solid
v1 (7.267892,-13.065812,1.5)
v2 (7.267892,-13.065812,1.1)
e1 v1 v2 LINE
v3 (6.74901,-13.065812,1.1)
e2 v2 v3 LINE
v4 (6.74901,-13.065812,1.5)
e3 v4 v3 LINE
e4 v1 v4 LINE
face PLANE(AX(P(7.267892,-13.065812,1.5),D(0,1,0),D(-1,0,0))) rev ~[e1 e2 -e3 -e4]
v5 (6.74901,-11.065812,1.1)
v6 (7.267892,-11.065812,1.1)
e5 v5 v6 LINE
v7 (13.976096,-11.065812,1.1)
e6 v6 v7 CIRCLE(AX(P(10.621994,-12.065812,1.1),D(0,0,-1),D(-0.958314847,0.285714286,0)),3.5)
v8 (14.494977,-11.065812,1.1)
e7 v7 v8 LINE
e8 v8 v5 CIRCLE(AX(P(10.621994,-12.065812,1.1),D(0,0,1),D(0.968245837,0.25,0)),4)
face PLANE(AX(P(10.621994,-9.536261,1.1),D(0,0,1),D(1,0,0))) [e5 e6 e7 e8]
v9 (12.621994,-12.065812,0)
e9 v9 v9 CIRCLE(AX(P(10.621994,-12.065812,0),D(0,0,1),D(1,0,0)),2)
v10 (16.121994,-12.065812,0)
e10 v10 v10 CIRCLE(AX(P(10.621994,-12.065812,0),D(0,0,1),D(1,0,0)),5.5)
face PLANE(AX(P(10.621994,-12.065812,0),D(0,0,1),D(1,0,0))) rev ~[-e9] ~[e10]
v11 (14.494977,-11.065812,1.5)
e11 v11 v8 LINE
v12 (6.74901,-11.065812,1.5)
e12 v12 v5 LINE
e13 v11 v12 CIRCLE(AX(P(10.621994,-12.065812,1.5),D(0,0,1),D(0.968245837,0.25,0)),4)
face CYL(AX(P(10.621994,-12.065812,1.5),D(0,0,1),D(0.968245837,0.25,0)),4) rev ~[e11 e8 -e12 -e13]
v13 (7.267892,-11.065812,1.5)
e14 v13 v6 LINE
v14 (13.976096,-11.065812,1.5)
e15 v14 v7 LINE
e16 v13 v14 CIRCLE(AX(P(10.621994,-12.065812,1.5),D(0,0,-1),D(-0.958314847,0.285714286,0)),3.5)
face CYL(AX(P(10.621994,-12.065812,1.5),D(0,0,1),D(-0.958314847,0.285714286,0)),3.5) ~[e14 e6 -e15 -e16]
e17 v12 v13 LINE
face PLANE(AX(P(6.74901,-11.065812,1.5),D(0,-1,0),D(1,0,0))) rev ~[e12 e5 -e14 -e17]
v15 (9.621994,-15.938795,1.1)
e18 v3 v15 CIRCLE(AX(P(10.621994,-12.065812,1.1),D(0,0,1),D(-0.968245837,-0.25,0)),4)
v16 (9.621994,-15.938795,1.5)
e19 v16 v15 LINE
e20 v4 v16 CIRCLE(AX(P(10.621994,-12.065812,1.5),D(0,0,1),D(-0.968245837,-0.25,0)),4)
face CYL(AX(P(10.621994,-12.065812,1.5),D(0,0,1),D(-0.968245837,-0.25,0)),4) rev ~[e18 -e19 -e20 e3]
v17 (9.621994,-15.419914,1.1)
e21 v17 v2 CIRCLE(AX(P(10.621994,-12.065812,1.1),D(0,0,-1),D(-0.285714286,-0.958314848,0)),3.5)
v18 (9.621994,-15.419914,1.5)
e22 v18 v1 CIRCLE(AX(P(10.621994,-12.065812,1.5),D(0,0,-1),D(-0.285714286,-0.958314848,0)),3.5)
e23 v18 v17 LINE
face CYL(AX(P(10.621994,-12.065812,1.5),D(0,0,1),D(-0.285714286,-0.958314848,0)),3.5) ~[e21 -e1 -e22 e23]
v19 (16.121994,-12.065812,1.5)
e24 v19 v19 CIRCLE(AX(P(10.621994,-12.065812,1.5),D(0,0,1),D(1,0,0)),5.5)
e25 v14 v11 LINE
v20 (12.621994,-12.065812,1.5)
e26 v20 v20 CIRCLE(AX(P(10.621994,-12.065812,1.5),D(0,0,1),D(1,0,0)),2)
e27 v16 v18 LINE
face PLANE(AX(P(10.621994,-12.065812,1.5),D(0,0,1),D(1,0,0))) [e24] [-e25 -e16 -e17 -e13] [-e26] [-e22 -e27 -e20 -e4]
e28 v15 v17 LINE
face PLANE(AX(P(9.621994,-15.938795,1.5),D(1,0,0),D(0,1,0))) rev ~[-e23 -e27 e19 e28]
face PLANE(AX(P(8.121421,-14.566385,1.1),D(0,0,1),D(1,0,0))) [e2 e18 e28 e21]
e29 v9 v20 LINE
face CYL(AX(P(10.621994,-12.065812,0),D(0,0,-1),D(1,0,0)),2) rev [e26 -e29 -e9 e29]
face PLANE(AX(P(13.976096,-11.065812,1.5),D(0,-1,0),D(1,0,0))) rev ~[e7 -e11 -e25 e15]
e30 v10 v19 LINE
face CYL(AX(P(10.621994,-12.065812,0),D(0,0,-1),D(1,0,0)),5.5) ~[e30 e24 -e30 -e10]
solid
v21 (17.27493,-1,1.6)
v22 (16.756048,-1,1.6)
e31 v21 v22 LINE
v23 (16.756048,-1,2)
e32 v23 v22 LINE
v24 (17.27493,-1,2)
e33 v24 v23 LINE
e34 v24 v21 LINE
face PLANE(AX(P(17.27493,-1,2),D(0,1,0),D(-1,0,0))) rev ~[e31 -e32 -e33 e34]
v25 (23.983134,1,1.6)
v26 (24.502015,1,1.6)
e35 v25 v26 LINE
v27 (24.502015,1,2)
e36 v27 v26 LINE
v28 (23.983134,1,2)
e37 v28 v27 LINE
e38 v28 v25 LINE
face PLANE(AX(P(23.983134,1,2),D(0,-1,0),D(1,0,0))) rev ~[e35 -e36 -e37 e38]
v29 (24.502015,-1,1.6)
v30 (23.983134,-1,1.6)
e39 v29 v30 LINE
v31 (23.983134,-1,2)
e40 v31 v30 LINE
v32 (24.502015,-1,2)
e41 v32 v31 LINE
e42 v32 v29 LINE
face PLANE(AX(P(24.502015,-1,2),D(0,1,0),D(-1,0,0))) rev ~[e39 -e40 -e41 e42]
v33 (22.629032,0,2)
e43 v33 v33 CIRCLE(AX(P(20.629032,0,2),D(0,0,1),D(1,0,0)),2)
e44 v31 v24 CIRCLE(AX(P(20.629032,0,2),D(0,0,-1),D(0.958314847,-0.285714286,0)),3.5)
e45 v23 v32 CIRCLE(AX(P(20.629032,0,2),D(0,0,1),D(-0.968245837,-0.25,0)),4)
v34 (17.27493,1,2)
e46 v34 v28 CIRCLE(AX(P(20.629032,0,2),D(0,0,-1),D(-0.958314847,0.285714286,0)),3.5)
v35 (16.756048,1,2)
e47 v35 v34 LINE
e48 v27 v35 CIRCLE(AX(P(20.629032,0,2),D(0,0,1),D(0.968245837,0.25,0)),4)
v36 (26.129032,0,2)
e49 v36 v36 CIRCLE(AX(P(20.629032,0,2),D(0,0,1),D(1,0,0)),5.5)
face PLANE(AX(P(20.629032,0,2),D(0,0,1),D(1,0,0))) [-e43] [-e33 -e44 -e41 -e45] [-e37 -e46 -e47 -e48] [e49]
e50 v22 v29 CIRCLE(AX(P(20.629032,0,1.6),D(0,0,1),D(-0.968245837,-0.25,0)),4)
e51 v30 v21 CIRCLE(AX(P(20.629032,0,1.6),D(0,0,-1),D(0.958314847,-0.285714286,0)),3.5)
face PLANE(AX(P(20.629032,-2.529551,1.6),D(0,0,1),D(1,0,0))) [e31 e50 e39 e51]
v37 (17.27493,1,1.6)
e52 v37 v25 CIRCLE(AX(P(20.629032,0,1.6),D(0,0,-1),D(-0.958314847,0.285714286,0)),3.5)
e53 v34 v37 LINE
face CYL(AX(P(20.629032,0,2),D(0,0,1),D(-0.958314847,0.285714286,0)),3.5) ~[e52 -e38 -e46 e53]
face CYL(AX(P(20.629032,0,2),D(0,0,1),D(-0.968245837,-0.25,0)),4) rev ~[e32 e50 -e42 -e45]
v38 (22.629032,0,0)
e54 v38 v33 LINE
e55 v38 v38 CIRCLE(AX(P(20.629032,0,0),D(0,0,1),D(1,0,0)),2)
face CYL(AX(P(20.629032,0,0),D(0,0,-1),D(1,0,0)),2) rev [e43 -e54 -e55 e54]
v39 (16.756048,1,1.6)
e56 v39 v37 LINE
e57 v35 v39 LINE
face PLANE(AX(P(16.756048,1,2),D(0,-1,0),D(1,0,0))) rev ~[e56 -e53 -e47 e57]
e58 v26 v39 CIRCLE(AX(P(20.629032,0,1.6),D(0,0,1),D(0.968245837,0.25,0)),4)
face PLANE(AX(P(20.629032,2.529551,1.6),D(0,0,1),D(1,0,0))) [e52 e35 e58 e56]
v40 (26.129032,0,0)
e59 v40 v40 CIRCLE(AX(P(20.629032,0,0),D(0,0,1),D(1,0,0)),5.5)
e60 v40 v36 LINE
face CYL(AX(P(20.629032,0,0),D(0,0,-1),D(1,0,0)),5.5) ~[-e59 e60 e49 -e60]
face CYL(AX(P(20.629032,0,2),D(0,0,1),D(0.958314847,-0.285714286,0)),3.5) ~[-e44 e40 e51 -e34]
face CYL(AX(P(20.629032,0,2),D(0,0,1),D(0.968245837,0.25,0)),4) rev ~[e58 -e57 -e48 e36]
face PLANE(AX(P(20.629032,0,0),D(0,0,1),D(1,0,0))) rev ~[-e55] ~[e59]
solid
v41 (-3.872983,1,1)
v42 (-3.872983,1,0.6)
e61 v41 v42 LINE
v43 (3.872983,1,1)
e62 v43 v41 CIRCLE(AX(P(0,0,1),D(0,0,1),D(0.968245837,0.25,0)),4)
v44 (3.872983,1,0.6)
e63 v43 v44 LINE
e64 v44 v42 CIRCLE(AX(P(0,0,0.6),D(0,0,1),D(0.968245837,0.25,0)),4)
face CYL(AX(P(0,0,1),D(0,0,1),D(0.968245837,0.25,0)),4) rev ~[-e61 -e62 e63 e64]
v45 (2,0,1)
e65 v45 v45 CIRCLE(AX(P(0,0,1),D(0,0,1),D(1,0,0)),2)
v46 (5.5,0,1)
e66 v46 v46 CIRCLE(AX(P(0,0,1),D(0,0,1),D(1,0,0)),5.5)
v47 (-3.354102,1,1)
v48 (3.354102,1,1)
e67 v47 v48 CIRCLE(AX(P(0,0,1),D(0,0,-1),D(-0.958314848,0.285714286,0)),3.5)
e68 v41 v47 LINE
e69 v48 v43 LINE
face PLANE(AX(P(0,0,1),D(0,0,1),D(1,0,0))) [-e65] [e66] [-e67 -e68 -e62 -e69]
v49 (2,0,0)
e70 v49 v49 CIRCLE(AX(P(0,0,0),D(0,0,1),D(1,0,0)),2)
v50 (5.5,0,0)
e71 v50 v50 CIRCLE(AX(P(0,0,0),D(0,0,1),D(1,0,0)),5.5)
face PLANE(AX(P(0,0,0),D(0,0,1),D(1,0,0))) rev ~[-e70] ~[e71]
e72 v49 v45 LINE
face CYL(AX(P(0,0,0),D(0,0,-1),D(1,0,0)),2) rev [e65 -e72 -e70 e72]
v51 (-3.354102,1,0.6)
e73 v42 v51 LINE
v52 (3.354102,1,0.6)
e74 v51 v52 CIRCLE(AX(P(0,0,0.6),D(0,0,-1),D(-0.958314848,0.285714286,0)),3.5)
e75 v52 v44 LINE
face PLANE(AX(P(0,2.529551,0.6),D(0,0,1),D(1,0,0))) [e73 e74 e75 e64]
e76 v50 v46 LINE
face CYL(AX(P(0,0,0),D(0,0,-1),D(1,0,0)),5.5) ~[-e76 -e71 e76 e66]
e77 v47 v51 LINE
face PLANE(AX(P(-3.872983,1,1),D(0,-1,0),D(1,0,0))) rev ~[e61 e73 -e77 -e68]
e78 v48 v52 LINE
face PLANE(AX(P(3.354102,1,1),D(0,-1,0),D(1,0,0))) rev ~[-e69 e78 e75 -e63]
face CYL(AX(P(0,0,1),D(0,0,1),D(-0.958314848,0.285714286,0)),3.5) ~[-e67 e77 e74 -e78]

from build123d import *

# Parameters (mm, degrees)
F0_R      = 5.5
F0_R_2    = 2
F1_DEPTH  = 1
F3_DEPTH  = 0.4
F4_R      = 5.5
F4_R_2    = 2
F5_DEPTH  = 2
F7_DEPTH  = 0.4
F8_R      = 5.5
F8_R_2    = 2
F9_DEPTH  = 1.5
F11_DEPTH = 0.4


with BuildPart() as f1:
    # F0 (on Top) → F1 (new body)
    with BuildSketch(Plane.XY):
        Circle(F0_R)
        Circle(F0_R_2, mode=Mode.SUBTRACT)
    extrude(amount=F1_DEPTH)

    # F2 (on face) → F3 (cut)
    with BuildSketch(Plane.XY.offset(1)):
        with BuildLine():
            Line((3.3541019662, 1), (3.8729833462, 1))
            ThreePointArc((3.8729833462, 1), (0, 4), (-3.8729833462, 1))
            Line((-3.8729833462, 1), (-3.3541019662, 1))
            ThreePointArc((-3.3541019662, 1), (0, 3.5), (3.3541019662, 1))
        make_face()
    extrude(amount=-F3_DEPTH, mode=Mode.SUBTRACT)


with BuildPart() as f5:
    # F4 (on Top) → F5 (new body)
    with BuildSketch(Plane.XY):
        with Locations((20.6290315837, 0)):
            Circle(F4_R)
        with Locations((20.6290315837, 0)):
            Circle(F4_R_2, mode=Mode.SUBTRACT)
    extrude(amount=F5_DEPTH)

    # F6 (on face) → F7 (cut)
    with BuildSketch(Plane.XY.offset(2)):
        with BuildLine():
            ThreePointArc((17.2749296174, 1), (20.6290315837, 3.5), (23.9831335499, 1))
            Line((23.9831335499, 1), (24.5020149299, 1))
            ThreePointArc((24.5020149299, 1), (20.6290315837, 4), (16.7560482375, 1))
            Line((16.7560482375, 1), (17.2749296174, 1))
        make_face()
        with BuildLine():
            Line((24.5020149299, -1), (23.9831335499, -1))
            ThreePointArc((23.9831335499, -1), (20.6290315837, -3.5), (17.2749296174, -1))
            Line((17.2749296174, -1), (16.7560482375, -1))
            ThreePointArc((16.7560482375, -1), (20.6290315837, -4), (24.5020149299, -1))
        make_face()
    extrude(amount=-F7_DEPTH, mode=Mode.SUBTRACT)


with BuildPart() as f9:
    # F8 (on Top) → F9 (new body)
    with BuildSketch(Plane.XY):
        with Locations((10.6219938025, -12.065812014)):
            Circle(F8_R)
        with Locations((10.6219938025, -12.065812014)):
            Circle(F8_R_2, mode=Mode.SUBTRACT)
    extrude(amount=F9_DEPTH)

    # F10 (on face) → F11 (cut)
    with BuildSketch(Plane.XY.offset(1.5)):
        with BuildLine():
            Line((13.9760957687, -11.065812014), (14.4949771487, -11.065812014))
            ThreePointArc((14.4949771487, -11.065812014), (10.6219938025, -8.065812014), (6.7490104563, -11.065812014))
            Line((6.7490104563, -11.065812014), (7.2678918362, -11.065812014))
            ThreePointArc((7.2678918362, -11.065812014), (10.6219938025, -8.565812014), (13.9760957687, -11.065812014))
        make_face()
        with BuildLine():
            ThreePointArc((6.7490104563, -13.065812014), (7.7935666777, -14.8942391388), (9.6219938025, -15.9387953603))
            Line((9.6219938025, -15.9387953603), (9.6219938025, -15.4199139803))
            ThreePointArc((9.6219938025, -15.4199139803), (8.1471200683, -14.5406857482), (7.2678918362, -13.065812014))
            Line((7.2678918362, -13.065812014), (6.7490104563, -13.065812014))
        make_face()
    extrude(amount=-F11_DEPTH, mode=Mode.SUBTRACT)


solid = Compound([f1.part, f5.part, f9.part])
